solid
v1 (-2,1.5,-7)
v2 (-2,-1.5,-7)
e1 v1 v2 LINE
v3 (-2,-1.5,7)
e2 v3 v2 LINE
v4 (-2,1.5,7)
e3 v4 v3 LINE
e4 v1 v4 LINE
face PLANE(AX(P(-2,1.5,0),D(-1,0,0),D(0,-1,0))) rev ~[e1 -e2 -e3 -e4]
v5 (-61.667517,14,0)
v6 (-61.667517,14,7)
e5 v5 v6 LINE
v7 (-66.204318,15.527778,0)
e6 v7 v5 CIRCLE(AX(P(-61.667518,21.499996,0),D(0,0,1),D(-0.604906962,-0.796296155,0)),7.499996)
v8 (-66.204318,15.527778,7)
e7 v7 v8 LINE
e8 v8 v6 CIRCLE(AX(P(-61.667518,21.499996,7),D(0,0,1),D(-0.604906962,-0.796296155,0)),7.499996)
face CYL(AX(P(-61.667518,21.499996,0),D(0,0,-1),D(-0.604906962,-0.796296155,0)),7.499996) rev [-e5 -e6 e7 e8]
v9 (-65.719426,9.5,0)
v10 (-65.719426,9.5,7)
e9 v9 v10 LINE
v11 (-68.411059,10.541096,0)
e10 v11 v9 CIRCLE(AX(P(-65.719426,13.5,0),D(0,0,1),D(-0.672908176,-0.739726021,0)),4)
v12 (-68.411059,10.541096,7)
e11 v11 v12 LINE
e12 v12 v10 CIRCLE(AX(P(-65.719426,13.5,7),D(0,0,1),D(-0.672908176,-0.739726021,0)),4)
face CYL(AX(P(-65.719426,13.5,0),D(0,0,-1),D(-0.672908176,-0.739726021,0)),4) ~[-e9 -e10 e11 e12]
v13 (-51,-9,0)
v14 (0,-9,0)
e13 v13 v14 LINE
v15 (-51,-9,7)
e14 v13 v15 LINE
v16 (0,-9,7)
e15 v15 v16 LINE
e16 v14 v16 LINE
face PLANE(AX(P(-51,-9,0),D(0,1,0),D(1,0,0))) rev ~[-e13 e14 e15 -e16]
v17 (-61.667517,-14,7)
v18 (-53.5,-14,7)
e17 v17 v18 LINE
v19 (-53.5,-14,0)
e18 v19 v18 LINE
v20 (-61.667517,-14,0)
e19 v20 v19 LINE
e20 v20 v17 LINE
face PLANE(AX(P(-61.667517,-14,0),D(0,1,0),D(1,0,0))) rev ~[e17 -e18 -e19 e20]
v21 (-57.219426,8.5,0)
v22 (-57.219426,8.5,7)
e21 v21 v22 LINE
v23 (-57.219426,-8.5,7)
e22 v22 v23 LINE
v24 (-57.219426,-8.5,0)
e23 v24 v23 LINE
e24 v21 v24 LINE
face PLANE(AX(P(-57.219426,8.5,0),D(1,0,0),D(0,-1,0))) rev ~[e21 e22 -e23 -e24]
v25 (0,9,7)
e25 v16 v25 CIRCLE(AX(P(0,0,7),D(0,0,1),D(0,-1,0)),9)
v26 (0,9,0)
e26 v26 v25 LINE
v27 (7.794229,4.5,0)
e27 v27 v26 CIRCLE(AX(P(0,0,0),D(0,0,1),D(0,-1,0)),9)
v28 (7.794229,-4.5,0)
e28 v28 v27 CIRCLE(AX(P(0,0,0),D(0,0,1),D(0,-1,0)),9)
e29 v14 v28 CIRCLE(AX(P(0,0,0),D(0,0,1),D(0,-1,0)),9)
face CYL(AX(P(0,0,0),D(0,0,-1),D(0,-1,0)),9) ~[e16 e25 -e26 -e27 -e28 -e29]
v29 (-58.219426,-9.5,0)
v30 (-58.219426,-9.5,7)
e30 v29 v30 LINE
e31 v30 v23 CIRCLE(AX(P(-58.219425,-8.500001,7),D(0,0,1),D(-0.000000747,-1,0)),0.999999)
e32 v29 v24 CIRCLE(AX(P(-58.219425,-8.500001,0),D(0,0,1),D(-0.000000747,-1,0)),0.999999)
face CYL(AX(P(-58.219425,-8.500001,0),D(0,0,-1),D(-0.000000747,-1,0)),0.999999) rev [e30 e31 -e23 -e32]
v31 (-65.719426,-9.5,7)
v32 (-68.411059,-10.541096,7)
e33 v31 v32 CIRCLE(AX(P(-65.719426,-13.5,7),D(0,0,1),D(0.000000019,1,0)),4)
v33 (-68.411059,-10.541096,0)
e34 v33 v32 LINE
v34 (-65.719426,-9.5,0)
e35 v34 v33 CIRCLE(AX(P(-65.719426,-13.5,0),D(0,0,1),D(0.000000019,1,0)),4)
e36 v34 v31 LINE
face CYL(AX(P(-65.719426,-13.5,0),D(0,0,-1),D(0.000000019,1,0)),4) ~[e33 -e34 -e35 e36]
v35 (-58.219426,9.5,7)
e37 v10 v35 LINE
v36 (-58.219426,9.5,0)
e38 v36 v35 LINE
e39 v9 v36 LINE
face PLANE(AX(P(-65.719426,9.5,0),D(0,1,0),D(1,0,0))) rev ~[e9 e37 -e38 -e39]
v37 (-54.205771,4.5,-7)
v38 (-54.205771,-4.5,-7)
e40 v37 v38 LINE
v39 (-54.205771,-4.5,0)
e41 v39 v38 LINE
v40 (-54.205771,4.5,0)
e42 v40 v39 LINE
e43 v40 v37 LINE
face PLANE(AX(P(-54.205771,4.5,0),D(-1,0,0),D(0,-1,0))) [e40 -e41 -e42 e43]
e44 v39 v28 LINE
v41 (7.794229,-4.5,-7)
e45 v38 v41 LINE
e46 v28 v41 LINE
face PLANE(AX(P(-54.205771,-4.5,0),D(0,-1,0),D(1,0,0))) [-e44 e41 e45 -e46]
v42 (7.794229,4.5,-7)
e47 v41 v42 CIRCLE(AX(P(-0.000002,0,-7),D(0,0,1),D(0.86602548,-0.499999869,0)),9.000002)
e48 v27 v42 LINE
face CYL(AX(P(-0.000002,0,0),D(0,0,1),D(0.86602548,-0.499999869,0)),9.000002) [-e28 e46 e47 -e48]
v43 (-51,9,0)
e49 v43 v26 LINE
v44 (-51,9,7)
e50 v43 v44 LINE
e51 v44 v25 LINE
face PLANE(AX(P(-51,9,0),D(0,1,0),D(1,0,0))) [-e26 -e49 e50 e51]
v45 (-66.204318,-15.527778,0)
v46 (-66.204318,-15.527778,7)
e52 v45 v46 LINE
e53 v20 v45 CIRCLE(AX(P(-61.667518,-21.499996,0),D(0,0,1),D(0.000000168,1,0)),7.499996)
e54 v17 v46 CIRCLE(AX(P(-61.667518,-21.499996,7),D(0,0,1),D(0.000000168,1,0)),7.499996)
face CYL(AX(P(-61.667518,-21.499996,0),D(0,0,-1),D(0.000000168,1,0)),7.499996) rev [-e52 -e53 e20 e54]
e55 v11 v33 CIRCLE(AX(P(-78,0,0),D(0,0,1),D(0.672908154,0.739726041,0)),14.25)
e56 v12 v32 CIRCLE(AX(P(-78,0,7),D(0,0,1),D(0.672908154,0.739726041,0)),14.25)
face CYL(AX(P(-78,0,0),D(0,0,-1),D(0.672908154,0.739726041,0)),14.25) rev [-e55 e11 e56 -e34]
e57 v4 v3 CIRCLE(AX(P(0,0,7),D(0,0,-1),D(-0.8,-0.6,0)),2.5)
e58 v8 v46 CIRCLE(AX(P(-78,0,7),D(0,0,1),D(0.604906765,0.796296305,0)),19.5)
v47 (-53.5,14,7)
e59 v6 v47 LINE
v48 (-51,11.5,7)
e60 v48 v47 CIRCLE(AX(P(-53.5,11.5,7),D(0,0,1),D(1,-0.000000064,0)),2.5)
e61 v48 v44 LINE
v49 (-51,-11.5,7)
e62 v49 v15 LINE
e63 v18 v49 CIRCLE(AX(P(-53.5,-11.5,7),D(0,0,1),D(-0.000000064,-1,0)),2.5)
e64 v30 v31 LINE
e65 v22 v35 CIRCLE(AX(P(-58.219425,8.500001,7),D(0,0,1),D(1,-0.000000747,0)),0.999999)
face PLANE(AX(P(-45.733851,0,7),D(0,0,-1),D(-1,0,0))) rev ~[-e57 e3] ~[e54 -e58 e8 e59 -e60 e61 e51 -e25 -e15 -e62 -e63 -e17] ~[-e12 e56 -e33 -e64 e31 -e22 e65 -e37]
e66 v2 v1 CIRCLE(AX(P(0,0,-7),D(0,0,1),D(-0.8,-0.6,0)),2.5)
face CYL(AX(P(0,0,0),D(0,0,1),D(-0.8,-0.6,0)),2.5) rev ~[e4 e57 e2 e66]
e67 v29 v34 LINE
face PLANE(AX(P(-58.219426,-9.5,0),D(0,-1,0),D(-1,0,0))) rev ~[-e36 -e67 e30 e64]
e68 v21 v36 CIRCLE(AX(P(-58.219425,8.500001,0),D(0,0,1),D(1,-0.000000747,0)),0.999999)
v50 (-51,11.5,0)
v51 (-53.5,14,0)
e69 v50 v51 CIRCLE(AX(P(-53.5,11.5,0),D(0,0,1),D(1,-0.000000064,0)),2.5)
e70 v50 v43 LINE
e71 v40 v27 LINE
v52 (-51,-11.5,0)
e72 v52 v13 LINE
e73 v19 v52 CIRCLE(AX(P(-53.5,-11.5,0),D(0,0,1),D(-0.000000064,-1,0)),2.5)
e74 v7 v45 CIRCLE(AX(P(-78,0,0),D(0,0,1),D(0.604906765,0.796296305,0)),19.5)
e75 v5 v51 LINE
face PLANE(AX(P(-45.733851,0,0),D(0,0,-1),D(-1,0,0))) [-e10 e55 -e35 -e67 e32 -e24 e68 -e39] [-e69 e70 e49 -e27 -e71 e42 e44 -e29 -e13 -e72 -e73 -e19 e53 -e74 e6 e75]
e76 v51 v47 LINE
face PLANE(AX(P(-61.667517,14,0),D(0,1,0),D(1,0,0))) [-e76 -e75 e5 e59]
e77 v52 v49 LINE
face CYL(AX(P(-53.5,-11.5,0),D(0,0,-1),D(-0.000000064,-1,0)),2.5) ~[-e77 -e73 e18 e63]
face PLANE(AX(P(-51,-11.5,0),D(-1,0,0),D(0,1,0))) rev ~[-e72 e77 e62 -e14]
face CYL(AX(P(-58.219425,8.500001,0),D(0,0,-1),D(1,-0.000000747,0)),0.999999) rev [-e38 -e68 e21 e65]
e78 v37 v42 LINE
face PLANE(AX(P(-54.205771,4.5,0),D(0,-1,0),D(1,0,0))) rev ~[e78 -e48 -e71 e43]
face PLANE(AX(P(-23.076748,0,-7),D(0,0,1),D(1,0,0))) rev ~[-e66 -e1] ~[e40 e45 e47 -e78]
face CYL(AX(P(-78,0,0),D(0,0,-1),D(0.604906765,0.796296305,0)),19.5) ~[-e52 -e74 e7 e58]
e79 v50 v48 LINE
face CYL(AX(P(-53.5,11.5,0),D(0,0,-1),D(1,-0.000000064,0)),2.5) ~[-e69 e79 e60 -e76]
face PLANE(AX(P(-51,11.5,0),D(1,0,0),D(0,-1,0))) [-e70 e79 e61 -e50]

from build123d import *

# Parameters (mm, degrees)
PAD_DEPTH         = 7
PAD001_DEPTH      = 7
POCKET_DEPTH      = 7.001
POCKET_DEPTH_BACK = 7.001


with BuildPart() as part:
    # Sketch → Pad (new body)
    with BuildSketch(Plane.XY):
        with BuildLine():
            Line((-51, 9), (0, 9))
            ThreePointArc((0, -9), (9, 0), (0, 9))
            Line((-51, -9), (0, -9))
            Line((-51, -11.5), (-51, -9))
            ThreePointArc((-53.5, -14), (-51.732233, -13.267767), (-51, -11.5))
            Line((-61.667517, -14), (-53.5, -14))
            ThreePointArc((-61.667517, -14), (-64.061085, -14.392199), (-66.204318, -15.527778))
            ThreePointArc((-66.204318, 15.527778), (-97.5, 0), (-66.204318, -15.527778))
            ThreePointArc((-66.204318, 15.527778), (-64.061085, 14.392199), (-61.667517, 14))
            Line((-61.667517, 14), (-53.5, 14))
            ThreePointArc((-51, 11.5), (-51.732233, 13.267767), (-53.5, 14))
            Line((-51, 11.5), (-51, 9))
        make_face()
        with BuildLine():
            Line((-65.719426, 9.5), (-58.219426, 9.5))
            ThreePointArc((-57.219426, 8.5), (-57.512319, 9.207107), (-58.219426, 9.5))
            Line((-57.219426, 8.5), (-57.219426, -8.5))
            ThreePointArc((-58.219426, -9.5), (-57.512319, -9.207107), (-57.219426, -8.5))
            Line((-58.219426, -9.5), (-65.719426, -9.5))
            ThreePointArc((-65.719426, -9.5), (-67.162406, -9.769342), (-68.411059, -10.541096))
            ThreePointArc((-68.411059, 10.541096), (-92.25, 0), (-68.411059, -10.541096))
            ThreePointArc((-68.411059, 10.541096), (-67.162406, 9.769342), (-65.719426, 9.5))
        make_face(mode=Mode.SUBTRACT)
    extrude(amount=PAD_DEPTH)

    # Sketch001 → Pad001 (join)
    with BuildSketch(Plane.XY):
        with BuildLine():
            Line((-54.205771, 4.5), (-54.205771, -4.5))
            Line((-54.205771, -4.5), (7.794229, -4.5))
            ThreePointArc((7.794229, -4.5), (9, 0), (7.794229, 4.5))
            Line((-54.205771, 4.5), (7.794229, 4.5))
        make_face()
    extrude(amount=-PAD001_DEPTH)

    # Sketch002 → Pocket (cut, two sides)
    with BuildSketch(Plane.XY) as pocket_sk:
        with BuildLine():
            Line((-2, 1.5), (-2, -1.5))
            ThreePointArc((-2, -1.5), (2.5, 0), (-2, 1.5))
        make_face()
    extrude(amount=-POCKET_DEPTH, mode=Mode.SUBTRACT)
    extrude(pocket_sk.sketch, amount=POCKET_DEPTH_BACK, mode=Mode.SUBTRACT)


solid = part.part
